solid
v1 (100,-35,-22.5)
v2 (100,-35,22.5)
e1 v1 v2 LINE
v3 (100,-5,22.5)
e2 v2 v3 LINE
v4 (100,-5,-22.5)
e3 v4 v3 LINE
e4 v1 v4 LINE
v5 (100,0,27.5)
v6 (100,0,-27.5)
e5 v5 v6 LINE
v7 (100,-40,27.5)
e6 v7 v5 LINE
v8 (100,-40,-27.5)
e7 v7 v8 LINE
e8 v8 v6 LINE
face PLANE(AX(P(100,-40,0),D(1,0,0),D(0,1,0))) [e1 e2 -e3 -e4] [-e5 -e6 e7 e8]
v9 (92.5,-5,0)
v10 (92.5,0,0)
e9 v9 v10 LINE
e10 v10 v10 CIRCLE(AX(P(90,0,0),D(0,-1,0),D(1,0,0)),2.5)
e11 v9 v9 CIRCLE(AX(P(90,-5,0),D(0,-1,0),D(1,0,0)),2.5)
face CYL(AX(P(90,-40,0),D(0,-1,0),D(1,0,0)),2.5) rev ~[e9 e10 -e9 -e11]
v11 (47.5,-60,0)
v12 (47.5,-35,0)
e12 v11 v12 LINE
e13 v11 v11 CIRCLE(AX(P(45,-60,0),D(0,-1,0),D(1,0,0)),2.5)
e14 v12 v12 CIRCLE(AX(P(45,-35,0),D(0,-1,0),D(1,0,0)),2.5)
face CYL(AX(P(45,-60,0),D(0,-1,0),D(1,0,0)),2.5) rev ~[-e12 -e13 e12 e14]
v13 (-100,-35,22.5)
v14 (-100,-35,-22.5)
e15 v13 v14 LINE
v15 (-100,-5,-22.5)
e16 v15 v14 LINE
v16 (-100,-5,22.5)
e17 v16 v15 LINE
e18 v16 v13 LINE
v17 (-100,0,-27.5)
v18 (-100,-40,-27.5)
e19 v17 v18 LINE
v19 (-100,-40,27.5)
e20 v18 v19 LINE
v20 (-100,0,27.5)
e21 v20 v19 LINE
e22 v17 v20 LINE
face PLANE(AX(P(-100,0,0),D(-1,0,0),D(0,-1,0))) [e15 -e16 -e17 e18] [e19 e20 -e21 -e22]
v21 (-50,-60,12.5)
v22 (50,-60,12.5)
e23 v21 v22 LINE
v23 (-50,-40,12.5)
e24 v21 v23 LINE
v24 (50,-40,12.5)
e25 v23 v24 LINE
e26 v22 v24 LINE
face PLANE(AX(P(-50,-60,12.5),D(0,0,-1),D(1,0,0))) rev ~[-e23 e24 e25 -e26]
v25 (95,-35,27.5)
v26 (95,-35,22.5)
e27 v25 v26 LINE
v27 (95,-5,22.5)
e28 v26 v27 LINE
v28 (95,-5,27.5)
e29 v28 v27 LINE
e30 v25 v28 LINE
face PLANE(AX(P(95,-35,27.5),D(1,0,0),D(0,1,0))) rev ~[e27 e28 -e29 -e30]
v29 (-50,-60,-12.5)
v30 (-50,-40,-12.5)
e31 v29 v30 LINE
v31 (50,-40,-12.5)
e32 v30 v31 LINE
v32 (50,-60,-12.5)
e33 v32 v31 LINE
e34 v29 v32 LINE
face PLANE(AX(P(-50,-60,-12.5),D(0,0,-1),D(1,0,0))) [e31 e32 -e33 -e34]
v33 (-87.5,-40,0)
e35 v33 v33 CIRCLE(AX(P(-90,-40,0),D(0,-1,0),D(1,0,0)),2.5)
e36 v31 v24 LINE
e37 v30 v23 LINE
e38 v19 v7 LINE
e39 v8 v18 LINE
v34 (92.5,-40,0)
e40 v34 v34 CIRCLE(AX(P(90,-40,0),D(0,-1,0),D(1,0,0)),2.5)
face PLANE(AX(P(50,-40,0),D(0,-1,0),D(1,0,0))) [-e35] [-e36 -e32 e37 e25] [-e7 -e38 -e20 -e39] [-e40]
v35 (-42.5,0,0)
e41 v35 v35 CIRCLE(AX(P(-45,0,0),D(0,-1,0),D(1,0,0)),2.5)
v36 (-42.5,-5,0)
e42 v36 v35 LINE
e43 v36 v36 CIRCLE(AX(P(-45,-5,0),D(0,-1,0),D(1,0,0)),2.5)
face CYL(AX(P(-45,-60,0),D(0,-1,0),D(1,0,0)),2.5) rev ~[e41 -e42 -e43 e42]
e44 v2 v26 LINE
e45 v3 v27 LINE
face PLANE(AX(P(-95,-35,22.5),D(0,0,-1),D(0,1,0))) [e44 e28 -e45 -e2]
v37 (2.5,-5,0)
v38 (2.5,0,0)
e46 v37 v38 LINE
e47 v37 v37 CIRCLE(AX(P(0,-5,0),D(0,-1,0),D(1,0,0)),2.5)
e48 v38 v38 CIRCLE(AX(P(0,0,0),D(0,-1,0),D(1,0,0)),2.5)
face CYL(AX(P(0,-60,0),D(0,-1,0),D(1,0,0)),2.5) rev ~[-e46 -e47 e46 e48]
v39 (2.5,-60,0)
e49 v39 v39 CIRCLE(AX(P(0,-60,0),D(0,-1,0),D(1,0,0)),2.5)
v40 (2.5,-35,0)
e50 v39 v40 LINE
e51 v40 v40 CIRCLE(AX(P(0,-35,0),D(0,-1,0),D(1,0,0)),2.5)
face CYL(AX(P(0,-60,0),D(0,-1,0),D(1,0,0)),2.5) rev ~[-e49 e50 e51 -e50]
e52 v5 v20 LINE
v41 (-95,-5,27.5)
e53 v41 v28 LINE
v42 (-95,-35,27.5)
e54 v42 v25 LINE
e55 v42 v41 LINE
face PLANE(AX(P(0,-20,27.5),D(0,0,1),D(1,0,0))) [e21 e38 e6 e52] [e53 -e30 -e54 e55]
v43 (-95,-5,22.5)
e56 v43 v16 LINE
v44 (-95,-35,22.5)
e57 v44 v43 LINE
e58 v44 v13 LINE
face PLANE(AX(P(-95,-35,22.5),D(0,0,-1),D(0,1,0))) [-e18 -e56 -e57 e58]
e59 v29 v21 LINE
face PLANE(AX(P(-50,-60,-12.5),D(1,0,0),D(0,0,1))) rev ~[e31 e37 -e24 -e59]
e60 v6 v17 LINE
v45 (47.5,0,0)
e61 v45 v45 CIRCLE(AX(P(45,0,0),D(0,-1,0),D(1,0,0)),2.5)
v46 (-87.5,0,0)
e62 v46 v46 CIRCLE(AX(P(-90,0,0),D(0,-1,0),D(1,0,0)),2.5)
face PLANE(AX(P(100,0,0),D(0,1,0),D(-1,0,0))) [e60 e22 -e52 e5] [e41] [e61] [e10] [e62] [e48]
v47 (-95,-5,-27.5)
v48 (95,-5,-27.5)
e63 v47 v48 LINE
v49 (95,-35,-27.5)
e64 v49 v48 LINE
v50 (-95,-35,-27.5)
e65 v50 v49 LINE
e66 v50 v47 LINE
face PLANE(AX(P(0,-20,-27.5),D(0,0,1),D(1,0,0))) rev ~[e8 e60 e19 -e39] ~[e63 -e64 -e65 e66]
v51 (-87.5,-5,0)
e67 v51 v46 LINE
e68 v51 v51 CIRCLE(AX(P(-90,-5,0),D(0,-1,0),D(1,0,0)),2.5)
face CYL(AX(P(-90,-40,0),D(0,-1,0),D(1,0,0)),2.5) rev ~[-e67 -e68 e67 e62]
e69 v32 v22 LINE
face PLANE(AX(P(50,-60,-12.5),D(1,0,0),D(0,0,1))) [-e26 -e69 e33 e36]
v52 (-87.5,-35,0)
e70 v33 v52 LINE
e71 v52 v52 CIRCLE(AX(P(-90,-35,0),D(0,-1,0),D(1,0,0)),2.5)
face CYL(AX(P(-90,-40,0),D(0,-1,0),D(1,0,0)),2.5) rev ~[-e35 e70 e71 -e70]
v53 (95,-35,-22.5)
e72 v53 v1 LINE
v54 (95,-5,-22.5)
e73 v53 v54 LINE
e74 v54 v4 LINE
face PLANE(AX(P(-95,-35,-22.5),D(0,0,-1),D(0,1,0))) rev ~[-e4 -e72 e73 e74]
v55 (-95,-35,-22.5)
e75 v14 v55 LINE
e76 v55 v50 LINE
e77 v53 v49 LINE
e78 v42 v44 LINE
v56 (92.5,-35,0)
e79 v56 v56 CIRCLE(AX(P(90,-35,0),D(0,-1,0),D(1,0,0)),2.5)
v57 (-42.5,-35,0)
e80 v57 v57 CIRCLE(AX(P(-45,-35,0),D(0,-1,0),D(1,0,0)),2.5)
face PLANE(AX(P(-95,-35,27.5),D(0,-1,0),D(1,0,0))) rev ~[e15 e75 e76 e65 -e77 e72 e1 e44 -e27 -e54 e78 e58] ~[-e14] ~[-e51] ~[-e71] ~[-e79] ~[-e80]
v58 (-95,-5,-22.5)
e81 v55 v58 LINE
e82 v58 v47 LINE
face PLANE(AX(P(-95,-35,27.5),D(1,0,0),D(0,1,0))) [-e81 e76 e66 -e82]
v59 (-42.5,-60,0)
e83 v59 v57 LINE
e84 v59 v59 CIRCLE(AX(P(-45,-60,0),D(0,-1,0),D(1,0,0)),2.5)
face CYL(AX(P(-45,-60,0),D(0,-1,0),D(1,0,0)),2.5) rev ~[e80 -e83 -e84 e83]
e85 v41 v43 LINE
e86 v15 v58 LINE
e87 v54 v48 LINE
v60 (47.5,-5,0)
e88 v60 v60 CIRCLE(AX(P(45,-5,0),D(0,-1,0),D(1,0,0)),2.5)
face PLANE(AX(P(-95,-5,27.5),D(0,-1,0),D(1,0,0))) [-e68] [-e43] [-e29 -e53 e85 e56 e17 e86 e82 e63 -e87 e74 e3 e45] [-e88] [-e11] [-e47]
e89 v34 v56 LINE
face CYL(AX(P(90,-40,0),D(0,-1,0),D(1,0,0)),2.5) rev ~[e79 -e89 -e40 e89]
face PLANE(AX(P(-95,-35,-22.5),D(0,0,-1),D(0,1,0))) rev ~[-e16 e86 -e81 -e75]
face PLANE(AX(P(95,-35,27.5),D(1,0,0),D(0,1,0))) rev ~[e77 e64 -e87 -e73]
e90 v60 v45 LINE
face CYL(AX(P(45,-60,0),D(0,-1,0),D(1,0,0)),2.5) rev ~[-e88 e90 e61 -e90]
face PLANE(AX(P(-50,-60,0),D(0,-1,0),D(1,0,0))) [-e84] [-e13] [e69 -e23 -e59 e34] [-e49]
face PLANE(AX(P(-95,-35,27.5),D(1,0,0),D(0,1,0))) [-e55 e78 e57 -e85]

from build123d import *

# Parameters (mm, degrees)
F0_W      = 100
F0_H      = 20
F1_DEPTH  = 27.5
F2_W      = 190
F2_H      = 30
F3_DEPTH  = 55.001
F4_W      = 30
F4_H      = 45
F5_DEPTH  = 500
F6_R      = 2.5
F7_DEPTH  = 40.001
F8_R      = 2.5
F9_DEPTH  = 60.001
F10_R     = 2.5
F11_DEPTH = 60.001
F12_W     = 145.98173
F12_H     = 84.634348
F12_W_2   = 100
F12_H_2   = 25
F13_DEPTH = 20


with BuildPart() as f1:
    # F0 (on Top) → F1 (new body, symmetric)
    with BuildSketch(Plane.XY):
        Polygon((100, 0), (-100, 0), (-100, -40), (-50, -40), (50, -40), (100, -40), align=None)
        with Locations((0, -50)):
            Rectangle(F0_W, F0_H)
    extrude(amount=F1_DEPTH, both=True)

    # F2 (on face) → F3 (cut, through all)
    with BuildSketch(Plane.XY.offset(27.5)):
        with Locations((0, -20)):
            Rectangle(F2_W, F2_H)
    extrude(amount=-F3_DEPTH, mode=Mode.SUBTRACT)

    # F4 (on face) → F5 (cut, symmetric)
    with BuildSketch(Plane.YZ.offset(-95)):
        with Locations((-20, 0)):
            Rectangle(F4_W, F4_H)
    extrude(amount=F5_DEPTH, both=True, mode=Mode.SUBTRACT)

    # F6 (on face) → F7 (cut, through all)
    with BuildSketch(Plane.XZ.offset(40)):
        with Locations((-90, 0)):
            Circle(F6_R)
        with Locations((90, 0)):
            Circle(F6_R)
    extrude(amount=-F7_DEPTH, mode=Mode.SUBTRACT)

    # F8 (on face) → F9 (cut, through all)
    with BuildSketch(Plane.XZ.offset(60)):
        with Locations((-45, 0)):
            Circle(F8_R)
        with Locations((45, 0)):
            Circle(F8_R)
    extrude(amount=-F9_DEPTH, mode=Mode.SUBTRACT)

    # F10 (on face) → F11 (cut, through all)
    with BuildSketch(Plane.XZ.offset(60)):
        Circle(F10_R)
    extrude(amount=-F11_DEPTH, mode=Mode.SUBTRACT)

    # F12 (on face) → F13 (cut, through all)
    with BuildSketch(Plane.XZ.offset(60)):
        Rectangle(F12_W, F12_H)
        Rectangle(F12_W_2, F12_H_2, mode=Mode.SUBTRACT)
    extrude(amount=-F13_DEPTH, mode=Mode.SUBTRACT)


solid = f1.part
